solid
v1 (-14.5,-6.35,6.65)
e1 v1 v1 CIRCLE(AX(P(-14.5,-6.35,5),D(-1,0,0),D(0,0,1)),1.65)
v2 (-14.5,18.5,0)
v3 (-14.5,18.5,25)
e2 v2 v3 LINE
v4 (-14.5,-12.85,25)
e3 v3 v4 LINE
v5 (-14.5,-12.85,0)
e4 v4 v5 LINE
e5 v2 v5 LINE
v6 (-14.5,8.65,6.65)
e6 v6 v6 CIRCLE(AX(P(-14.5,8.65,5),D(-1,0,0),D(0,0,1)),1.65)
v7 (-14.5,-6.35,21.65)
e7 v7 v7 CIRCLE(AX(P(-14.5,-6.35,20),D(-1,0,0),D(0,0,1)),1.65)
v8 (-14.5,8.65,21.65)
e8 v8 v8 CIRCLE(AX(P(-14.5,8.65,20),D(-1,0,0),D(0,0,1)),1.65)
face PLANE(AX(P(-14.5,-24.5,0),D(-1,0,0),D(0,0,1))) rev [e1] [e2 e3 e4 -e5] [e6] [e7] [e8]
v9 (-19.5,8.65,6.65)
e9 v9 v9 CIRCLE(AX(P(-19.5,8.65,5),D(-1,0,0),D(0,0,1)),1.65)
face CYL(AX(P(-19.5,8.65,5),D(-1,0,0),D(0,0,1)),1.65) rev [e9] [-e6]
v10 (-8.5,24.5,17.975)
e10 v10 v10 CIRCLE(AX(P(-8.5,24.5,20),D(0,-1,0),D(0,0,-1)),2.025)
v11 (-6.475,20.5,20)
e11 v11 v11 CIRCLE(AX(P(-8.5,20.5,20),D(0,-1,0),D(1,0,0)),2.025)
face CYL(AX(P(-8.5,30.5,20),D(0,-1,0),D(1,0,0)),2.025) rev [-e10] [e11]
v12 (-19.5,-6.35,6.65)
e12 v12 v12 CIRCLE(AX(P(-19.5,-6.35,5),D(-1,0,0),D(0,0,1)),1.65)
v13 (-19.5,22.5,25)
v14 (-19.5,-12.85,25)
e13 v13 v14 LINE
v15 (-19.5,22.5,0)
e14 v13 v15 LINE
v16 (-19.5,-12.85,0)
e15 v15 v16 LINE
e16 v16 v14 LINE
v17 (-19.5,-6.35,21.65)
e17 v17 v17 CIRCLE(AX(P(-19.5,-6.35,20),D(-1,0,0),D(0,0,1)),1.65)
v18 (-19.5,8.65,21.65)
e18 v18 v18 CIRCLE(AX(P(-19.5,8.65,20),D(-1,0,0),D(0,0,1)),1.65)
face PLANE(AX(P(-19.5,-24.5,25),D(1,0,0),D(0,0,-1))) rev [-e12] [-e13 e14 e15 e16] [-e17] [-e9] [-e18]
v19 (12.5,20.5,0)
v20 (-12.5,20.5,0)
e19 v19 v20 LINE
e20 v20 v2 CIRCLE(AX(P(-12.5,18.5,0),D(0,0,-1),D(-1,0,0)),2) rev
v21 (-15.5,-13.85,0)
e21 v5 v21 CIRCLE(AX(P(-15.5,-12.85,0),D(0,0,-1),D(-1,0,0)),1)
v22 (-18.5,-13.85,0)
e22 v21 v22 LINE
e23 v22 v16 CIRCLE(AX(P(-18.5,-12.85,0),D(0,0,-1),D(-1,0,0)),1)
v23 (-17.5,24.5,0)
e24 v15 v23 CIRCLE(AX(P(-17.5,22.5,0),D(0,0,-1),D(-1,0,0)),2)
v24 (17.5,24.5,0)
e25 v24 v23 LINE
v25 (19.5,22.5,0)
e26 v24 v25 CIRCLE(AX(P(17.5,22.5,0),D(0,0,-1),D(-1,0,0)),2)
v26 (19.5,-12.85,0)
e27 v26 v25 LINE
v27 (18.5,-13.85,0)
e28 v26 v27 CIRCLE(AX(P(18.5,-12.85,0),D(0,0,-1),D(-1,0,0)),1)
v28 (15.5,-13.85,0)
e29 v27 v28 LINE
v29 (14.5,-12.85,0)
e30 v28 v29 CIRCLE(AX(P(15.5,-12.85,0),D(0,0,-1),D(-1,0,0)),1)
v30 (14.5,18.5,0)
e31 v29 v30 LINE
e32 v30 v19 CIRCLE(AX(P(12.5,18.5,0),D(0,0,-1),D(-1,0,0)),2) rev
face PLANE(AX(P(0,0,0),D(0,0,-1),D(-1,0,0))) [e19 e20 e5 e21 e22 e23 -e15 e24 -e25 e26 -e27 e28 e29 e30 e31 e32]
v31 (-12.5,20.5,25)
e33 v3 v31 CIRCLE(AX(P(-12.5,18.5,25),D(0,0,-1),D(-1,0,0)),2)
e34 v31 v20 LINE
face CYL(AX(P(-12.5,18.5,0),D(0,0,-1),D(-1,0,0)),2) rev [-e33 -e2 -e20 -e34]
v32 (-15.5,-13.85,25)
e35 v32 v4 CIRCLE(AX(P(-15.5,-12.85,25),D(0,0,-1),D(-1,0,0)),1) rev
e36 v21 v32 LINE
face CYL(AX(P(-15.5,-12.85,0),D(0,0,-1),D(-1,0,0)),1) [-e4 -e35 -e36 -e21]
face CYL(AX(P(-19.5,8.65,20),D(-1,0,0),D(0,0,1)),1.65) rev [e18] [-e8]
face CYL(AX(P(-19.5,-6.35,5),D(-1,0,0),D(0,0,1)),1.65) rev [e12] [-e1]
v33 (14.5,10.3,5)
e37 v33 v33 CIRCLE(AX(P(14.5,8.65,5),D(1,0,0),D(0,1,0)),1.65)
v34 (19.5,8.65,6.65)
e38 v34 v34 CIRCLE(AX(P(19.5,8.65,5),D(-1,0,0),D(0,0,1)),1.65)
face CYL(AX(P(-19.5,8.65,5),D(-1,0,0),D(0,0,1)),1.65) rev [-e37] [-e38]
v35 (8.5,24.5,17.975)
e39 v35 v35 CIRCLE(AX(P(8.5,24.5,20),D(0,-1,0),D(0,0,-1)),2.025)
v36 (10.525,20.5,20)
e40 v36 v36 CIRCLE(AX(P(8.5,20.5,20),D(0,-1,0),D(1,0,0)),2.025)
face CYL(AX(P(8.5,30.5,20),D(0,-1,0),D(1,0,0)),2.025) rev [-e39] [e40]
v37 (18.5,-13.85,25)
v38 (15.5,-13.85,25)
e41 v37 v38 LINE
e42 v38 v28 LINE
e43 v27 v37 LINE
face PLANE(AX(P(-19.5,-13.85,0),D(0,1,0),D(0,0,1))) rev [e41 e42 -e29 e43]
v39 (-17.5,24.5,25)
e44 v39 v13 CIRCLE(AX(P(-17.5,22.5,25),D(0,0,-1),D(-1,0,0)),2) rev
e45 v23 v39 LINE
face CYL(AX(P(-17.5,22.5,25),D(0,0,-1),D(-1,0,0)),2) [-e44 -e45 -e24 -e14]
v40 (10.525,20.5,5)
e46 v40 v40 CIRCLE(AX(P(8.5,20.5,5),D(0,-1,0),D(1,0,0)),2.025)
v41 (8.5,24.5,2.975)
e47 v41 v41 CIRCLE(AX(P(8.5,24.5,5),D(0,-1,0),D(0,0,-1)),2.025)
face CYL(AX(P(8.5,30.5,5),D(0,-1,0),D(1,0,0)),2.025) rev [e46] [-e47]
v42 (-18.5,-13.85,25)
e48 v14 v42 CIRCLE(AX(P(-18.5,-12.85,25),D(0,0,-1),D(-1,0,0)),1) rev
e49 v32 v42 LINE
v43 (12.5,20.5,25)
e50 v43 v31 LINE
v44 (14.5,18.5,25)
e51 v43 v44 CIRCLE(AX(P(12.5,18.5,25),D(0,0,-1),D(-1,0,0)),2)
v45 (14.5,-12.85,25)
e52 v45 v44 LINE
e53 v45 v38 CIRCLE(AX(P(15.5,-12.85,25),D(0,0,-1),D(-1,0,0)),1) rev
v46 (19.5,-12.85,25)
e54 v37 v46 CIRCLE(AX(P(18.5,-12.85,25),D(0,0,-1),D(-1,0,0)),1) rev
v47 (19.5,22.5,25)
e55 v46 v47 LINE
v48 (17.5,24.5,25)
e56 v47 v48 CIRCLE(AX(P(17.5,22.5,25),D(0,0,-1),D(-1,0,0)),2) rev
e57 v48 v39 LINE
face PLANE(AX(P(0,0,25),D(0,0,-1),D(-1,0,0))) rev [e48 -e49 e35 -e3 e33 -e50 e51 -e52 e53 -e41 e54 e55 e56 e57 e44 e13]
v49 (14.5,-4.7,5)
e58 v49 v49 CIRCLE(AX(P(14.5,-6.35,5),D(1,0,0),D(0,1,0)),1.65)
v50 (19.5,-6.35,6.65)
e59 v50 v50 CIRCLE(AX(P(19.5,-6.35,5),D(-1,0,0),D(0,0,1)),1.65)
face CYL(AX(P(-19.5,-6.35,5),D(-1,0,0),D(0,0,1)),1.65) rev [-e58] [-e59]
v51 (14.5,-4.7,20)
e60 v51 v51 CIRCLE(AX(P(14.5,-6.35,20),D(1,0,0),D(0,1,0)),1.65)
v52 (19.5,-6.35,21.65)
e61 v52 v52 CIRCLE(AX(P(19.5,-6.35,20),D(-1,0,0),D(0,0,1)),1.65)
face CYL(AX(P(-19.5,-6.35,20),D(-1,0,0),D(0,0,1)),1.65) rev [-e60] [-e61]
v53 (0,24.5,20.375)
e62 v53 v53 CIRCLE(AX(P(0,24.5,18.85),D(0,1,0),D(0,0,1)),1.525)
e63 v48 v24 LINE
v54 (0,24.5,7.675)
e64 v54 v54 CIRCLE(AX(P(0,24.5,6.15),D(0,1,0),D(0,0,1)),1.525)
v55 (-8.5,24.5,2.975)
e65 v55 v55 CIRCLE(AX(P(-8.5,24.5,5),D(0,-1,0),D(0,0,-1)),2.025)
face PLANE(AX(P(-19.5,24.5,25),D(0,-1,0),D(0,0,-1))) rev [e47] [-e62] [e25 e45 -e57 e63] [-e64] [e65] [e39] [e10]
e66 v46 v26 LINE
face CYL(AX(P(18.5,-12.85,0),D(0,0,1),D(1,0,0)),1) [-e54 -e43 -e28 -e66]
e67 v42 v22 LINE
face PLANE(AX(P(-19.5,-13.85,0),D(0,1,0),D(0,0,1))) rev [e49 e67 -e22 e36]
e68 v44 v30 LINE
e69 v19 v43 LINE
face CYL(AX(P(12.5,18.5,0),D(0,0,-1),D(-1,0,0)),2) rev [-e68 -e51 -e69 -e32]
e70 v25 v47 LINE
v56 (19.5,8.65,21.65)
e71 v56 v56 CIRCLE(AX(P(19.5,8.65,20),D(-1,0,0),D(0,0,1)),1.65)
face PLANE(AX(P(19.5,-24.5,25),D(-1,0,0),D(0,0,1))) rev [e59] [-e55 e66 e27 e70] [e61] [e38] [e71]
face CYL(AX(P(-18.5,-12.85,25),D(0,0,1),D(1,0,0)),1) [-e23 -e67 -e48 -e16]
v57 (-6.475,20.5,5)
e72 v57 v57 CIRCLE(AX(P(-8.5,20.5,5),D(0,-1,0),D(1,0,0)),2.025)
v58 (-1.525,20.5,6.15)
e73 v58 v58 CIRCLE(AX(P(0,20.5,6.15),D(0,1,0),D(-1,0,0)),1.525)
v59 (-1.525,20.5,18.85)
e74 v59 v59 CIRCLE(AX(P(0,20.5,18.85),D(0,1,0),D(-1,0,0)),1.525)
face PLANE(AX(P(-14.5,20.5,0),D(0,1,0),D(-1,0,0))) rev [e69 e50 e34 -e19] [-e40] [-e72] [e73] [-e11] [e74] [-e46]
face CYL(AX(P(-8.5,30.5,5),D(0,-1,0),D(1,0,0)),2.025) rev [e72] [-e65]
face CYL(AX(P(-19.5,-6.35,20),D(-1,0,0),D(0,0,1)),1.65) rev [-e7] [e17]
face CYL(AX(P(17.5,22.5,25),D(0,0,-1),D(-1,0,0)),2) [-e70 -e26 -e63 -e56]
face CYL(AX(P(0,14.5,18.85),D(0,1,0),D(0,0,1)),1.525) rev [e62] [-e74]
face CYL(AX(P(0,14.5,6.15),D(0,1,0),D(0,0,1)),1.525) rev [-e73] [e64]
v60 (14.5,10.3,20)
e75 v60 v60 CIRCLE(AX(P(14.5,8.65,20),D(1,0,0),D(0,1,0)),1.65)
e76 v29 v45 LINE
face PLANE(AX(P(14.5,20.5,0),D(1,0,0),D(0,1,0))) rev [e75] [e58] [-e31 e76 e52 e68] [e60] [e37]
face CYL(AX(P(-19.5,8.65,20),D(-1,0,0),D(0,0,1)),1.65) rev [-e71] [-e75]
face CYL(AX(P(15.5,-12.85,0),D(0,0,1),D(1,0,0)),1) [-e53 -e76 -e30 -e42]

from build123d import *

# Parameters (mm, degrees)
SKETCH_1_W               = 39
SKETCH_1_H               = 49
EXTRUDE_1_DEPTH          = 25
SKETCH_3_W               = 29
SKETCH_3_H               = 45
CUT_EXTRUDE_1_DEPTH      = 25
SKETCH_5_W               = 39
SKETCH_5_H               = 5
CUT_EXTRUDE_3_DEPTH      = 1
CUT_EXTRUDE_3_DEPTH_BACK = 26
HOLE_WIZARD_M4_4_D       = 3.3
SKETCH_20_W              = 39
SKETCH_20_H              = 5.65
CUT_EXTRUDE_5_DEPTH      = 1
CUT_EXTRUDE_5_DEPTH_BACK = 26
SKETCH_7_R               = 2.025
CUT_EXTRUDE_7_DEPTH      = 10
FILLET_1_R               = 2
FILLET_2_R               = 1
SKETCH_21_R              = 1.525
CUT_EXTRUDE_8_DEPTH      = 10


with BuildPart() as part:
    # 草图1 → 凸台-拉伸1 (new body)
    with BuildSketch(Plane.XY):
        Rectangle(SKETCH_1_W, SKETCH_1_H)
    extrude(amount=EXTRUDE_1_DEPTH)

    # 草图3 → 切除-拉伸1 (cut)
    with BuildSketch(Plane.XY.offset(25)):
        with Locations((0, -2)):
            Rectangle(SKETCH_3_W, SKETCH_3_H)
    extrude(amount=-CUT_EXTRUDE_1_DEPTH, mode=Mode.SUBTRACT)

    # 草图5 → 切除-拉伸3 (cut, two sides)
    with BuildSketch(Plane.XY.offset(25)) as cut_extrude_3_sk:
        with Locations((0, -22)):
            Rectangle(SKETCH_5_W, SKETCH_5_H)
    extrude(amount=CUT_EXTRUDE_3_DEPTH, mode=Mode.SUBTRACT)
    extrude(cut_extrude_3_sk.sketch, amount=-CUT_EXTRUDE_3_DEPTH_BACK, mode=Mode.SUBTRACT)

    # M4 螺纹孔4 (through all)
    with Locations(Plane(origin=(-19.5, 8.65, 5), x_dir=(0, 0, -1), z_dir=(-1, 0, 0))):
        with Locations((0, 0), (-15, 0), (-15, 15), (0, 15)):
            Hole(HOLE_WIZARD_M4_4_D / 2)

    # 草图20 → 切除-拉伸5 (cut, two sides)
    with BuildSketch(Plane.XY.offset(25)) as cut_extrude_5_sk:
        with Locations((0, -16.675)):
            Rectangle(SKETCH_20_W, SKETCH_20_H)
    extrude(amount=CUT_EXTRUDE_5_DEPTH, mode=Mode.SUBTRACT)
    extrude(cut_extrude_5_sk.sketch, amount=-CUT_EXTRUDE_5_DEPTH_BACK, mode=Mode.SUBTRACT)

    # 草图7 → 切除-拉伸7 (cut)
    with BuildSketch(Plane.XZ.offset(-20.5)):
        with Locations((-8.5, 20)):
            Circle(SKETCH_7_R)
        with Locations((-8.5, 5)):
            Circle(SKETCH_7_R)
        with Locations((8.5, 5)):
            Circle(SKETCH_7_R)
        with Locations((8.5, 20)):
            Circle(SKETCH_7_R)
    extrude(amount=-CUT_EXTRUDE_7_DEPTH, mode=Mode.SUBTRACT)

    # 圆角1
    fillet_1_edges = [part.edges().sort_by_distance(p)[0] for p in [
        (-14.5, 20.5, 12.5),
        (14.5, 20.5, 12.5),
        (-19.5, 24.5, 12.5),
        (19.5, 24.5, 12.5),
    ]]
    fillet(fillet_1_edges, radius=FILLET_1_R)

    # 圆角2
    fillet_2_edges = [part.edges().sort_by_distance(p)[0] for p in [
        (14.5, -13.85, 12.5),
        (-14.5, -13.85, 12.5),
        (-19.5, -13.85, 12.5),
        (19.5, -13.85, 12.5),
    ]]
    fillet(fillet_2_edges, radius=FILLET_2_R)

    # 草图21 → 切除-拉伸8 (cut)
    with BuildSketch(Plane(origin=(0, 24.5, 0), x_dir=(1, 0, 0), z_dir=(0, 1, 0))):
        with Locations((0, -6.15)):
            Circle(SKETCH_21_R)
        with Locations((0, -18.85)):
            Circle(SKETCH_21_R)
    extrude(amount=-CUT_EXTRUDE_8_DEPTH, mode=Mode.SUBTRACT)


solid = part.part
